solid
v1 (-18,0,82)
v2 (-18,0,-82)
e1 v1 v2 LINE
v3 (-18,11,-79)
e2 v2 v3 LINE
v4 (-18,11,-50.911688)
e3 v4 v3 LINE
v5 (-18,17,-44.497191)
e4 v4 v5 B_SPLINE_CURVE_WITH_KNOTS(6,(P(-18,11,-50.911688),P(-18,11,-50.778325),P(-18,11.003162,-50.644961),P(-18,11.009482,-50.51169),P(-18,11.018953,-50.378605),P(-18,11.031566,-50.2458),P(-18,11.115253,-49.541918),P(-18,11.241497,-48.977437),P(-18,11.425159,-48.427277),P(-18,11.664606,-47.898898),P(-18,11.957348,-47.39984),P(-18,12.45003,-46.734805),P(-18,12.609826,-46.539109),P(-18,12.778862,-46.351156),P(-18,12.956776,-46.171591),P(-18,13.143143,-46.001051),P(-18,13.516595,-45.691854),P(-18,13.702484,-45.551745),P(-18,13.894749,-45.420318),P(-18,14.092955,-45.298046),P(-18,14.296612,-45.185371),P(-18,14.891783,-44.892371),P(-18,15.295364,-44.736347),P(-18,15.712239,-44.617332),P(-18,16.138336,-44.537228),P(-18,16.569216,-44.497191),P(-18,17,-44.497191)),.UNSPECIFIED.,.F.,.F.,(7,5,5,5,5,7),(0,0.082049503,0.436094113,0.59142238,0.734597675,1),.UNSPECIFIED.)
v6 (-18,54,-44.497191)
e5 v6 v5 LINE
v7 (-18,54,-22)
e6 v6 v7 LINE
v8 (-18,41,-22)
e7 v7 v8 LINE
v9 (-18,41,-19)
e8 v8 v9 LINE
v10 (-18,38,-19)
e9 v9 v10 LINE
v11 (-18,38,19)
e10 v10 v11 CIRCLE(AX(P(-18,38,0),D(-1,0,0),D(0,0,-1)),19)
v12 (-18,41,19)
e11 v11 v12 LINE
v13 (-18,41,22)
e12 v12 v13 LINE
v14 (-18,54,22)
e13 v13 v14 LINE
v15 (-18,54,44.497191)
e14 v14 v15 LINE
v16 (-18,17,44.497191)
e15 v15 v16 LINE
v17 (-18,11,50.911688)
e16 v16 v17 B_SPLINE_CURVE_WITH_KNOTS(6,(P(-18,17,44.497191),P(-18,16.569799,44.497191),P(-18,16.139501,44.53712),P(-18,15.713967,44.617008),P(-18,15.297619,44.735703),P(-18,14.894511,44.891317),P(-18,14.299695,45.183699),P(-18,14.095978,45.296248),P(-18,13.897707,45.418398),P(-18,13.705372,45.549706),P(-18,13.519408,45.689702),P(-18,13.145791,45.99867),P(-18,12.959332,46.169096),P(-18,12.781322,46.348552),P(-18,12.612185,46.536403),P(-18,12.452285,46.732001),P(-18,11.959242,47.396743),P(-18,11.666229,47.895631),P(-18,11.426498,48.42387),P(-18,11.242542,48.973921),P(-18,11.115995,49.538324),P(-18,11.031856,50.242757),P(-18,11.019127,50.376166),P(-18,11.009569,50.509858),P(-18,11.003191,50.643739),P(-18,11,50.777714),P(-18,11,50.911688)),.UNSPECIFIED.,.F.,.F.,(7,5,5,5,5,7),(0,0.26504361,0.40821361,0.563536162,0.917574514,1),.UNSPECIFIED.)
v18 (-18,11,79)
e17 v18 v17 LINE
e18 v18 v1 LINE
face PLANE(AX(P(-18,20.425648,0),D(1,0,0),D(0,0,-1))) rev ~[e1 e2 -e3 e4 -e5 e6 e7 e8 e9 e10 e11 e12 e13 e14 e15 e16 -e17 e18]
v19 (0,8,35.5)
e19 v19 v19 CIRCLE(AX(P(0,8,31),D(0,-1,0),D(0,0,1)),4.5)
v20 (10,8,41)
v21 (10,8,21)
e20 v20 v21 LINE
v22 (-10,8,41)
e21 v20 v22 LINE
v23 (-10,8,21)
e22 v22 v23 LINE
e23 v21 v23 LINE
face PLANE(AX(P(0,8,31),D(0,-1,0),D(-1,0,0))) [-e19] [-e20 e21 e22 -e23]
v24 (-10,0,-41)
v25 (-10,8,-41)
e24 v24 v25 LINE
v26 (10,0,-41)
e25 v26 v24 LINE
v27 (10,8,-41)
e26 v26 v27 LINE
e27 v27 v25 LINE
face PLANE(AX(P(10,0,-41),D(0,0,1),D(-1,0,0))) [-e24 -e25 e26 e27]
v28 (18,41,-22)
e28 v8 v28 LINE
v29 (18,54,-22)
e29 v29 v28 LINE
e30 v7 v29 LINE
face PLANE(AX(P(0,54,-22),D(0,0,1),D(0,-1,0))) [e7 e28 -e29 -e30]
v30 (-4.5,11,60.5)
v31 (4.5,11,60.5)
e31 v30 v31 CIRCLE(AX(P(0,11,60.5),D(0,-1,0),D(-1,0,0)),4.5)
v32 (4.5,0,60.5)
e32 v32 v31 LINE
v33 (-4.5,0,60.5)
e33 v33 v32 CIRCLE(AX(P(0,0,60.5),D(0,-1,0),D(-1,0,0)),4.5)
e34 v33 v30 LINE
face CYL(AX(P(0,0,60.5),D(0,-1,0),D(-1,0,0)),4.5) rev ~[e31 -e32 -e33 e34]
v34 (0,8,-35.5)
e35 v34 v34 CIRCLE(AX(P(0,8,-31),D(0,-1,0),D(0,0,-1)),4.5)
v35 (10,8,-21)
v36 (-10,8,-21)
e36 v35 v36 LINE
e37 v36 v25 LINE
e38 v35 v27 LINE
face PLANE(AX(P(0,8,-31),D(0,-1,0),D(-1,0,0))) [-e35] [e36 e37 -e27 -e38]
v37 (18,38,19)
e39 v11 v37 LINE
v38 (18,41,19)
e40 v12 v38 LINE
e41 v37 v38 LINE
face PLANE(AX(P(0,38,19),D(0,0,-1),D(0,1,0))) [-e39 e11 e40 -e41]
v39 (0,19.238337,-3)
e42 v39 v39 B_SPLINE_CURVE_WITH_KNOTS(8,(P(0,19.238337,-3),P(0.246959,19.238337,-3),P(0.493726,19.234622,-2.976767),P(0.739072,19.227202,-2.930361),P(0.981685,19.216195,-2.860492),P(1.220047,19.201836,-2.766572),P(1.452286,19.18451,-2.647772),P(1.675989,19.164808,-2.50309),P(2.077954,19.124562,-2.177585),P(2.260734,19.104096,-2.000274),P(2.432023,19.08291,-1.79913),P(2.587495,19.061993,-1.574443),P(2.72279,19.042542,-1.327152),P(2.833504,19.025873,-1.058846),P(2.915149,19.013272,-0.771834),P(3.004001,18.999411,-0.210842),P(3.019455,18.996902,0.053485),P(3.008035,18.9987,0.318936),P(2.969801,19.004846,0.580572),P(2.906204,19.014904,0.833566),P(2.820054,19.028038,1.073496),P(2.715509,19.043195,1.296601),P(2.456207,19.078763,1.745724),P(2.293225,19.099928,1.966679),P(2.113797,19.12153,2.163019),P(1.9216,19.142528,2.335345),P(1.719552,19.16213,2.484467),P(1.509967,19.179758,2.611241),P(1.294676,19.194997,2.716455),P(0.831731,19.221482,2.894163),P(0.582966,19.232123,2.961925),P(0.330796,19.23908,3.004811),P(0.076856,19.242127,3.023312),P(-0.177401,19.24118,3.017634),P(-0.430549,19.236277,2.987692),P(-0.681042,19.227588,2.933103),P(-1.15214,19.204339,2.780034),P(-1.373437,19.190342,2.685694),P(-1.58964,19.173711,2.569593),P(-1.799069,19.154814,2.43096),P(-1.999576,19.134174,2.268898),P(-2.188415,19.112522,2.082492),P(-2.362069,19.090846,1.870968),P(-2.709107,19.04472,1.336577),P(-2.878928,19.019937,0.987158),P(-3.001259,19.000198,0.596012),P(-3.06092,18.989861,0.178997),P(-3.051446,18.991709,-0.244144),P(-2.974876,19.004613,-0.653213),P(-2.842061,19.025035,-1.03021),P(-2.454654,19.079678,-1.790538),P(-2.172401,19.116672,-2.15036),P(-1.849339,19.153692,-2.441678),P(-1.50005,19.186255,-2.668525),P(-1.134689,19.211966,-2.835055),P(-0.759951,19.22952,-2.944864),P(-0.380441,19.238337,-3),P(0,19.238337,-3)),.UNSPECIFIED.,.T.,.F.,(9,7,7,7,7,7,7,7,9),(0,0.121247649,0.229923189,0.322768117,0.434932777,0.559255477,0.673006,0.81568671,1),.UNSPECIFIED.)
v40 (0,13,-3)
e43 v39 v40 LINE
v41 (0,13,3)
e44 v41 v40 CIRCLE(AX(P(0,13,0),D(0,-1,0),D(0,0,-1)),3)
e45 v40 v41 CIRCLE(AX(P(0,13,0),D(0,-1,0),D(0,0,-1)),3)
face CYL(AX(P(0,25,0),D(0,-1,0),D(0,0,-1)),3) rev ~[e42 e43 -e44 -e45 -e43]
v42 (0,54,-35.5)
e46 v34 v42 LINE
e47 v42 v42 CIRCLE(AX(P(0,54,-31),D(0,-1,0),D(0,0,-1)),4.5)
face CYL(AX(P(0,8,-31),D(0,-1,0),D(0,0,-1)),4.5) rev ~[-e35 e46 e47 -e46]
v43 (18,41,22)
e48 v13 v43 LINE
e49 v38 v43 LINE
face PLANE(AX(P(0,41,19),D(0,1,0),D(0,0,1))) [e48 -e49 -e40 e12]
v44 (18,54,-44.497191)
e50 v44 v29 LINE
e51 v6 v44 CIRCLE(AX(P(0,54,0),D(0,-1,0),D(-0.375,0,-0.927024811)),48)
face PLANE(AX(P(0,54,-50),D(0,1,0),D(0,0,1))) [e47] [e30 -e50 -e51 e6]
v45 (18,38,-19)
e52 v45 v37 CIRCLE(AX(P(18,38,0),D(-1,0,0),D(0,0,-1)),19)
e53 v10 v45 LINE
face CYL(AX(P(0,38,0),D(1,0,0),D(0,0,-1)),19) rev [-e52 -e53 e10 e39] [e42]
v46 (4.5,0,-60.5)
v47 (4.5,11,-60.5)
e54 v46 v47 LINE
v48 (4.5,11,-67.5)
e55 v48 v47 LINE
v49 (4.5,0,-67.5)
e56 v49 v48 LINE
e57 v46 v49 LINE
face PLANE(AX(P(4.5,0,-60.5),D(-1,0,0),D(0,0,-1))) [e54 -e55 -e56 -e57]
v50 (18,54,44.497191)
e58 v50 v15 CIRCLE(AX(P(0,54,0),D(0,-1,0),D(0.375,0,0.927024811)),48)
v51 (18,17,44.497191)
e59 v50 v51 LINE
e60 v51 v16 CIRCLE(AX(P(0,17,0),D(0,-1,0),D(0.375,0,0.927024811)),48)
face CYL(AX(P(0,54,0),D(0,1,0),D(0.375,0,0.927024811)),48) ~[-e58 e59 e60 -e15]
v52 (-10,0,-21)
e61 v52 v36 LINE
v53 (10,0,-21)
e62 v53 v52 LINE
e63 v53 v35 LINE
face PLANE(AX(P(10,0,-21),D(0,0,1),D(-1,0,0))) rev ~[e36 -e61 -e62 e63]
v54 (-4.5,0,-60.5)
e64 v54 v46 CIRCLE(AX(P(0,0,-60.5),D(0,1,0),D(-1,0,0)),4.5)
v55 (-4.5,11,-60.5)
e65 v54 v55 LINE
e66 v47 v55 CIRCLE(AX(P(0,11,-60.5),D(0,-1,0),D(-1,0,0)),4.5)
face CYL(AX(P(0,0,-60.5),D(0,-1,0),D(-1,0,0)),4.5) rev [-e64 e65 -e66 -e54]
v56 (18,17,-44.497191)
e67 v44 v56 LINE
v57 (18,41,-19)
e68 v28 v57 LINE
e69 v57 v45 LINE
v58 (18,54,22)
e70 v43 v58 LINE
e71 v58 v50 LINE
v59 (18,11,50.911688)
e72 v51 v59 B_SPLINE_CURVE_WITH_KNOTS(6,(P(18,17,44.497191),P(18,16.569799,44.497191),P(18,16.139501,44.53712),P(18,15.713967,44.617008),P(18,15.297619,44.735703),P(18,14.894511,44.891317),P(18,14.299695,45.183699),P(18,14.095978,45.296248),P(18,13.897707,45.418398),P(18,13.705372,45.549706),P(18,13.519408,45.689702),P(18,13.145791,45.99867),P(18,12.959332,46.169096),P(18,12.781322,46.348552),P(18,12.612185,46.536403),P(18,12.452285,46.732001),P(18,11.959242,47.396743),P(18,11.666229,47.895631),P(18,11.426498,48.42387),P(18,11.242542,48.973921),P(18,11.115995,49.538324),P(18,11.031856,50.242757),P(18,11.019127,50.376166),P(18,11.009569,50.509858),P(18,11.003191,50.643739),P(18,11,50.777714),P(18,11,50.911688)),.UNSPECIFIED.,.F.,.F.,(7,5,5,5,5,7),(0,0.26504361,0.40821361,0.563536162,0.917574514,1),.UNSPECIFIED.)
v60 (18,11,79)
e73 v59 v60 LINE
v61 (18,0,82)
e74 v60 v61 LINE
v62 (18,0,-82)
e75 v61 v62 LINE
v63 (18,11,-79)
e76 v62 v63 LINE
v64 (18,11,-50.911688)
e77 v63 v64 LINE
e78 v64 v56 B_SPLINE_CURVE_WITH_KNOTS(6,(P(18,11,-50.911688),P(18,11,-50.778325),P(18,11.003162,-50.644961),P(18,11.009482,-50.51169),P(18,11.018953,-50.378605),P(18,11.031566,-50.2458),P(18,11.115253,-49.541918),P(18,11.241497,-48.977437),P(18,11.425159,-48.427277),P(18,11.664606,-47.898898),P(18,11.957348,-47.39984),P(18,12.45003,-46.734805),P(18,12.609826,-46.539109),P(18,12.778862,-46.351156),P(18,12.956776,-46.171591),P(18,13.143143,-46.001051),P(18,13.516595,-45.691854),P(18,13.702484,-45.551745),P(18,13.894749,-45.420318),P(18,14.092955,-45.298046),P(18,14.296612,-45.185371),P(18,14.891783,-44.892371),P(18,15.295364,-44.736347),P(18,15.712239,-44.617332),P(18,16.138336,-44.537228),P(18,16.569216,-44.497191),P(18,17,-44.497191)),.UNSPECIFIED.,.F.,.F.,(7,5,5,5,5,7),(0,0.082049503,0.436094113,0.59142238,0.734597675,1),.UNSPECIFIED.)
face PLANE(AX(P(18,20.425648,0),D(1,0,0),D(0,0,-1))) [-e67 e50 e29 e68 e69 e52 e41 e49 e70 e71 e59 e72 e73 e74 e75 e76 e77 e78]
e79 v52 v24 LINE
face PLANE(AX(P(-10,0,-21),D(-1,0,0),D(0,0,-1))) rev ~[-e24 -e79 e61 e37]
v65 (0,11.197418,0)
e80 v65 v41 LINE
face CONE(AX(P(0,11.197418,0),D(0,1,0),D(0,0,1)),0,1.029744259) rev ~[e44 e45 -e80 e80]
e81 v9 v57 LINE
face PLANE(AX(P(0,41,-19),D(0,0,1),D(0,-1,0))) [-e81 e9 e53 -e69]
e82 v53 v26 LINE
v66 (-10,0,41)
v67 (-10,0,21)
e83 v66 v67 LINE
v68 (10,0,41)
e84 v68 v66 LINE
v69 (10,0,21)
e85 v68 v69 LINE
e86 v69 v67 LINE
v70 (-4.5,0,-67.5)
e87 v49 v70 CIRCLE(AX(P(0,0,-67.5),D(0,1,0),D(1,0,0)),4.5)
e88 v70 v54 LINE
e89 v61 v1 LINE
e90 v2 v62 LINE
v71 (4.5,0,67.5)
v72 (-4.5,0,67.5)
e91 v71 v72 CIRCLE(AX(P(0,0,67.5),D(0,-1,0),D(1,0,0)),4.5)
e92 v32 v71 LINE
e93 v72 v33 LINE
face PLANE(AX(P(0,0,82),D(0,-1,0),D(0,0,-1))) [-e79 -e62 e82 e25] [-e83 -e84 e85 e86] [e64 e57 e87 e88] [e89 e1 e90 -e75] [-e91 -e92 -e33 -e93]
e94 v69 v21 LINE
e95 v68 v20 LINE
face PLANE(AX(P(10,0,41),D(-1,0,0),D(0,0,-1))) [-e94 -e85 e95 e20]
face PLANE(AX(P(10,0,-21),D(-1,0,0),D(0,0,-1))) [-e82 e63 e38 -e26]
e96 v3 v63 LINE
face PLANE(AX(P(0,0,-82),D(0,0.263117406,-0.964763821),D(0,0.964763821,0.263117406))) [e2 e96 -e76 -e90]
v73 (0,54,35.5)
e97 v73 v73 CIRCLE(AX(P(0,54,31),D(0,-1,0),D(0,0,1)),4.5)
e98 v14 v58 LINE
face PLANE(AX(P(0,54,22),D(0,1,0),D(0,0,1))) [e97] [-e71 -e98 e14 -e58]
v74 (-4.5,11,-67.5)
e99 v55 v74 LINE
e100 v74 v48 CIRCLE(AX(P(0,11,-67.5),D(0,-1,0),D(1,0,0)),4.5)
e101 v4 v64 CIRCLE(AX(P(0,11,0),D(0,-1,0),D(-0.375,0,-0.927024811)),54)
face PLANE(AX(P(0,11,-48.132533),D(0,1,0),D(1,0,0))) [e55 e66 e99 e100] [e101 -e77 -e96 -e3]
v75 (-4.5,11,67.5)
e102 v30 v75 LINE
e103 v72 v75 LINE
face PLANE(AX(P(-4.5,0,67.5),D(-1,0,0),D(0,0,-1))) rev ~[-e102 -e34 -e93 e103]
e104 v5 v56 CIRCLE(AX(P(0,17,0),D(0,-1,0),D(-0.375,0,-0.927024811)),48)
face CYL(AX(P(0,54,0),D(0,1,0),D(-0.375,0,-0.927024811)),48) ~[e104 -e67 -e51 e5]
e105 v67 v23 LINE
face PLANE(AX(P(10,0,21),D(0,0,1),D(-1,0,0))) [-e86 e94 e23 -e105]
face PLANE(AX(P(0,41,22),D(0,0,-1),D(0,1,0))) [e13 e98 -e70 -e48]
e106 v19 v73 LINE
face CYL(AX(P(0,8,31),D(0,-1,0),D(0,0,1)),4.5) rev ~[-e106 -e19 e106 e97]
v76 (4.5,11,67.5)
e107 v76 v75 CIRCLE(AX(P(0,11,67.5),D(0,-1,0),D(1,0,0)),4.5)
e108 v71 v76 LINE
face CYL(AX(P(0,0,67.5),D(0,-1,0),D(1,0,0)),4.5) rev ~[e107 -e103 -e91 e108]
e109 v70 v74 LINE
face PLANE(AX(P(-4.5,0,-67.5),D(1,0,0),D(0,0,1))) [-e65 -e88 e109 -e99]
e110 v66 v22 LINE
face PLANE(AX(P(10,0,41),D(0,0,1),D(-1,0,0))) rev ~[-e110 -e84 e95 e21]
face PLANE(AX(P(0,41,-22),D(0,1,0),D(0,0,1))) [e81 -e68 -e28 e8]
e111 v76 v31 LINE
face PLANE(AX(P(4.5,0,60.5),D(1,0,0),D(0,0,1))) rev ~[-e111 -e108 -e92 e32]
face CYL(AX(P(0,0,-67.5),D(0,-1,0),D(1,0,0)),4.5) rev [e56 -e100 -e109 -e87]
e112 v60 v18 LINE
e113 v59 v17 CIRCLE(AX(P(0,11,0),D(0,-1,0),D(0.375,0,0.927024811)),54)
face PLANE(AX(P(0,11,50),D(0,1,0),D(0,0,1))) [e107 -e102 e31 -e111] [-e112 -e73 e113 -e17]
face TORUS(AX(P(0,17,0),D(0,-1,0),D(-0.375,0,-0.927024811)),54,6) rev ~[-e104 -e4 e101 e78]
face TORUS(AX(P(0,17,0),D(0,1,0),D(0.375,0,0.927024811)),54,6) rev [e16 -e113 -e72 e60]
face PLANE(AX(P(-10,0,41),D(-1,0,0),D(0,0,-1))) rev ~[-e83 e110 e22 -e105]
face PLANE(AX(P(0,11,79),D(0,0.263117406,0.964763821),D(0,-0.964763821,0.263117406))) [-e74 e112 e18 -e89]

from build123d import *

# Parameters (mm, degrees)
BOSS_EXTRUDE1_DEPTH       = 18
CUT_EXTRUDE1_DEPTH        = 43
SKETCH3_W                 = 20
SKETCH3_H                 = 20
CUT_EXTRUDE4_DEPTH        = 8
SKETCH5_R                 = 4.5
CUT_EXTRUDE5_DEPTH        = 47
CUT_EXTRUDE6_DEPTH        = 55
F_6_0MM_DOWEL_HOLE1_D     = 6
F_6_0MM_DOWEL_HOLE1_DEPTH = 6
F_6_0MM_DOWEL_HOLE1_TIP   = 1.802581857
FILLET1_R                 = 6
FILLET2_R                 = 6


with BuildPart() as part:
    # Sketch1 → Boss-Extrude1 (new body, symmetric)
    with BuildSketch(Plane(origin=(0, 0, 0), x_dir=(0, 0, -1), z_dir=(1, 0, 0))):
        with BuildLine():
            Line((-82, 0), (82, 0))
            Line((82, 0), (79, 11))
            Line((79, 11), (50, 11))
            Line((50, 11), (50, 54))
            Line((50, 54), (22, 54))
            Line((22, 54), (22, 41))
            Line((22, 41), (19, 41))
            Line((19, 41), (19, 38))
            ThreePointArc((19, 38), (0, 19), (-19, 38))
            Line((-19, 38), (-19, 41))
            Line((-19, 41), (-22, 41))
            Line((-22, 41), (-22, 54))
            Line((-22, 54), (-50, 54))
            Line((-50, 54), (-50, 11))
            Line((-50, 11), (-79, 11))
            Line((-79, 11), (-82, 0))
        make_face()
    extrude(amount=BOSS_EXTRUDE1_DEPTH, both=True)

    # Sketch2 → Cut-Extrude1 (cut)
    with BuildSketch(Plane(origin=(0, 54, 0), x_dir=(1, 0, 0), z_dir=(0, 1, 0))):
        with BuildLine():
            Line((-18, 50), (-18, 44.497190923))
            ThreePointArc((-18, 44.497190923), (0, 48), (18, 44.497190923))
            Line((18, 44.497190923), (18, 50))
            Line((18, 50), (-18, 50))
        make_face()
        with BuildLine():
            Line((18, -50), (18, -44.497190923))
            ThreePointArc((18, -44.497190923), (0, -48), (-18, -44.497190923))
            Line((-18, -44.497190923), (-18, -50))
            Line((-18, -50), (18, -50))
        make_face()
    extrude(amount=-CUT_EXTRUDE1_DEPTH, mode=Mode.SUBTRACT)

    # Sketch3 → Cut-Extrude4 (cut)
    with BuildSketch(Plane(origin=(0, 0, 0), x_dir=(-1, 0, 0), z_dir=(0, -1, 0))):
        with Locations((0, 31)):
            Rectangle(SKETCH3_W, SKETCH3_H)
        with Locations((0, -31)):
            Rectangle(SKETCH3_W, SKETCH3_H)
    extrude(amount=-CUT_EXTRUDE4_DEPTH, mode=Mode.SUBTRACT)

    # Sketch5 → Cut-Extrude5 (cut, through all)
    with BuildSketch(Plane(origin=(0, 8, 0), x_dir=(-1, 0, 0), z_dir=(0, -1, 0))):
        with Locations(Location((0, 31, 0), (0, 0, 90))):  # turned: the seam where the file's is
            Circle(SKETCH5_R)
        with Locations(Location((0, -31, 0), (0, 0, 270))):  # turned: the seam where the file's is
            Circle(SKETCH5_R)
    extrude(amount=-CUT_EXTRUDE5_DEPTH, mode=Mode.SUBTRACT)

    # Sketch6 → Cut-Extrude6 (cut, through all)
    with BuildSketch(Plane(origin=(0, 0, 0), x_dir=(-1, 0, 0), z_dir=(0, -1, 0))):
        with BuildLine():
            Line((-4.5, 60.5), (-4.5, 67.5))
            ThreePointArc((-4.5, 67.5), (0, 72), (4.5, 67.5))
            Line((4.5, 67.5), (4.5, 60.5))
            ThreePointArc((4.5, 60.5), (0, 56), (-4.5, 60.5))
        make_face()
        with BuildLine():
            Line((-4.5, -60.5), (-4.5, -67.5))
            ThreePointArc((-4.5, -67.5), (0, -72), (4.5, -67.5))
            Line((4.5, -67.5), (4.5, -60.5))
            ThreePointArc((4.5, -60.5), (0, -56), (-4.5, -60.5))
        make_face()
    extrude(amount=-CUT_EXTRUDE6_DEPTH, mode=Mode.SUBTRACT)

    # Ø6.0mm Dowel Hole1
    with Locations(Plane.ZX.offset(19)):
        with Locations((0, 0)):
            Hole(F_6_0MM_DOWEL_HOLE1_D / 2, depth=F_6_0MM_DOWEL_HOLE1_DEPTH)
            with Locations((0, 0, -(F_6_0MM_DOWEL_HOLE1_DEPTH + F_6_0MM_DOWEL_HOLE1_TIP / 2))):  # 118° drill point
                Cone(0, F_6_0MM_DOWEL_HOLE1_D / 2, F_6_0MM_DOWEL_HOLE1_TIP, mode=Mode.SUBTRACT)

    # Fillet1
    fillet1_edges = [part.edges().sort_by_distance(p)[0] for p in [
        (0, 11, 48),
    ]]
    fillet(fillet1_edges, radius=FILLET1_R)

    # Fillet2
    fillet2_edges = [part.edges().sort_by_distance(p)[0] for p in [
        (0, 11, -48),
    ]]
    fillet(fillet2_edges, radius=FILLET2_R)


solid = part.part
